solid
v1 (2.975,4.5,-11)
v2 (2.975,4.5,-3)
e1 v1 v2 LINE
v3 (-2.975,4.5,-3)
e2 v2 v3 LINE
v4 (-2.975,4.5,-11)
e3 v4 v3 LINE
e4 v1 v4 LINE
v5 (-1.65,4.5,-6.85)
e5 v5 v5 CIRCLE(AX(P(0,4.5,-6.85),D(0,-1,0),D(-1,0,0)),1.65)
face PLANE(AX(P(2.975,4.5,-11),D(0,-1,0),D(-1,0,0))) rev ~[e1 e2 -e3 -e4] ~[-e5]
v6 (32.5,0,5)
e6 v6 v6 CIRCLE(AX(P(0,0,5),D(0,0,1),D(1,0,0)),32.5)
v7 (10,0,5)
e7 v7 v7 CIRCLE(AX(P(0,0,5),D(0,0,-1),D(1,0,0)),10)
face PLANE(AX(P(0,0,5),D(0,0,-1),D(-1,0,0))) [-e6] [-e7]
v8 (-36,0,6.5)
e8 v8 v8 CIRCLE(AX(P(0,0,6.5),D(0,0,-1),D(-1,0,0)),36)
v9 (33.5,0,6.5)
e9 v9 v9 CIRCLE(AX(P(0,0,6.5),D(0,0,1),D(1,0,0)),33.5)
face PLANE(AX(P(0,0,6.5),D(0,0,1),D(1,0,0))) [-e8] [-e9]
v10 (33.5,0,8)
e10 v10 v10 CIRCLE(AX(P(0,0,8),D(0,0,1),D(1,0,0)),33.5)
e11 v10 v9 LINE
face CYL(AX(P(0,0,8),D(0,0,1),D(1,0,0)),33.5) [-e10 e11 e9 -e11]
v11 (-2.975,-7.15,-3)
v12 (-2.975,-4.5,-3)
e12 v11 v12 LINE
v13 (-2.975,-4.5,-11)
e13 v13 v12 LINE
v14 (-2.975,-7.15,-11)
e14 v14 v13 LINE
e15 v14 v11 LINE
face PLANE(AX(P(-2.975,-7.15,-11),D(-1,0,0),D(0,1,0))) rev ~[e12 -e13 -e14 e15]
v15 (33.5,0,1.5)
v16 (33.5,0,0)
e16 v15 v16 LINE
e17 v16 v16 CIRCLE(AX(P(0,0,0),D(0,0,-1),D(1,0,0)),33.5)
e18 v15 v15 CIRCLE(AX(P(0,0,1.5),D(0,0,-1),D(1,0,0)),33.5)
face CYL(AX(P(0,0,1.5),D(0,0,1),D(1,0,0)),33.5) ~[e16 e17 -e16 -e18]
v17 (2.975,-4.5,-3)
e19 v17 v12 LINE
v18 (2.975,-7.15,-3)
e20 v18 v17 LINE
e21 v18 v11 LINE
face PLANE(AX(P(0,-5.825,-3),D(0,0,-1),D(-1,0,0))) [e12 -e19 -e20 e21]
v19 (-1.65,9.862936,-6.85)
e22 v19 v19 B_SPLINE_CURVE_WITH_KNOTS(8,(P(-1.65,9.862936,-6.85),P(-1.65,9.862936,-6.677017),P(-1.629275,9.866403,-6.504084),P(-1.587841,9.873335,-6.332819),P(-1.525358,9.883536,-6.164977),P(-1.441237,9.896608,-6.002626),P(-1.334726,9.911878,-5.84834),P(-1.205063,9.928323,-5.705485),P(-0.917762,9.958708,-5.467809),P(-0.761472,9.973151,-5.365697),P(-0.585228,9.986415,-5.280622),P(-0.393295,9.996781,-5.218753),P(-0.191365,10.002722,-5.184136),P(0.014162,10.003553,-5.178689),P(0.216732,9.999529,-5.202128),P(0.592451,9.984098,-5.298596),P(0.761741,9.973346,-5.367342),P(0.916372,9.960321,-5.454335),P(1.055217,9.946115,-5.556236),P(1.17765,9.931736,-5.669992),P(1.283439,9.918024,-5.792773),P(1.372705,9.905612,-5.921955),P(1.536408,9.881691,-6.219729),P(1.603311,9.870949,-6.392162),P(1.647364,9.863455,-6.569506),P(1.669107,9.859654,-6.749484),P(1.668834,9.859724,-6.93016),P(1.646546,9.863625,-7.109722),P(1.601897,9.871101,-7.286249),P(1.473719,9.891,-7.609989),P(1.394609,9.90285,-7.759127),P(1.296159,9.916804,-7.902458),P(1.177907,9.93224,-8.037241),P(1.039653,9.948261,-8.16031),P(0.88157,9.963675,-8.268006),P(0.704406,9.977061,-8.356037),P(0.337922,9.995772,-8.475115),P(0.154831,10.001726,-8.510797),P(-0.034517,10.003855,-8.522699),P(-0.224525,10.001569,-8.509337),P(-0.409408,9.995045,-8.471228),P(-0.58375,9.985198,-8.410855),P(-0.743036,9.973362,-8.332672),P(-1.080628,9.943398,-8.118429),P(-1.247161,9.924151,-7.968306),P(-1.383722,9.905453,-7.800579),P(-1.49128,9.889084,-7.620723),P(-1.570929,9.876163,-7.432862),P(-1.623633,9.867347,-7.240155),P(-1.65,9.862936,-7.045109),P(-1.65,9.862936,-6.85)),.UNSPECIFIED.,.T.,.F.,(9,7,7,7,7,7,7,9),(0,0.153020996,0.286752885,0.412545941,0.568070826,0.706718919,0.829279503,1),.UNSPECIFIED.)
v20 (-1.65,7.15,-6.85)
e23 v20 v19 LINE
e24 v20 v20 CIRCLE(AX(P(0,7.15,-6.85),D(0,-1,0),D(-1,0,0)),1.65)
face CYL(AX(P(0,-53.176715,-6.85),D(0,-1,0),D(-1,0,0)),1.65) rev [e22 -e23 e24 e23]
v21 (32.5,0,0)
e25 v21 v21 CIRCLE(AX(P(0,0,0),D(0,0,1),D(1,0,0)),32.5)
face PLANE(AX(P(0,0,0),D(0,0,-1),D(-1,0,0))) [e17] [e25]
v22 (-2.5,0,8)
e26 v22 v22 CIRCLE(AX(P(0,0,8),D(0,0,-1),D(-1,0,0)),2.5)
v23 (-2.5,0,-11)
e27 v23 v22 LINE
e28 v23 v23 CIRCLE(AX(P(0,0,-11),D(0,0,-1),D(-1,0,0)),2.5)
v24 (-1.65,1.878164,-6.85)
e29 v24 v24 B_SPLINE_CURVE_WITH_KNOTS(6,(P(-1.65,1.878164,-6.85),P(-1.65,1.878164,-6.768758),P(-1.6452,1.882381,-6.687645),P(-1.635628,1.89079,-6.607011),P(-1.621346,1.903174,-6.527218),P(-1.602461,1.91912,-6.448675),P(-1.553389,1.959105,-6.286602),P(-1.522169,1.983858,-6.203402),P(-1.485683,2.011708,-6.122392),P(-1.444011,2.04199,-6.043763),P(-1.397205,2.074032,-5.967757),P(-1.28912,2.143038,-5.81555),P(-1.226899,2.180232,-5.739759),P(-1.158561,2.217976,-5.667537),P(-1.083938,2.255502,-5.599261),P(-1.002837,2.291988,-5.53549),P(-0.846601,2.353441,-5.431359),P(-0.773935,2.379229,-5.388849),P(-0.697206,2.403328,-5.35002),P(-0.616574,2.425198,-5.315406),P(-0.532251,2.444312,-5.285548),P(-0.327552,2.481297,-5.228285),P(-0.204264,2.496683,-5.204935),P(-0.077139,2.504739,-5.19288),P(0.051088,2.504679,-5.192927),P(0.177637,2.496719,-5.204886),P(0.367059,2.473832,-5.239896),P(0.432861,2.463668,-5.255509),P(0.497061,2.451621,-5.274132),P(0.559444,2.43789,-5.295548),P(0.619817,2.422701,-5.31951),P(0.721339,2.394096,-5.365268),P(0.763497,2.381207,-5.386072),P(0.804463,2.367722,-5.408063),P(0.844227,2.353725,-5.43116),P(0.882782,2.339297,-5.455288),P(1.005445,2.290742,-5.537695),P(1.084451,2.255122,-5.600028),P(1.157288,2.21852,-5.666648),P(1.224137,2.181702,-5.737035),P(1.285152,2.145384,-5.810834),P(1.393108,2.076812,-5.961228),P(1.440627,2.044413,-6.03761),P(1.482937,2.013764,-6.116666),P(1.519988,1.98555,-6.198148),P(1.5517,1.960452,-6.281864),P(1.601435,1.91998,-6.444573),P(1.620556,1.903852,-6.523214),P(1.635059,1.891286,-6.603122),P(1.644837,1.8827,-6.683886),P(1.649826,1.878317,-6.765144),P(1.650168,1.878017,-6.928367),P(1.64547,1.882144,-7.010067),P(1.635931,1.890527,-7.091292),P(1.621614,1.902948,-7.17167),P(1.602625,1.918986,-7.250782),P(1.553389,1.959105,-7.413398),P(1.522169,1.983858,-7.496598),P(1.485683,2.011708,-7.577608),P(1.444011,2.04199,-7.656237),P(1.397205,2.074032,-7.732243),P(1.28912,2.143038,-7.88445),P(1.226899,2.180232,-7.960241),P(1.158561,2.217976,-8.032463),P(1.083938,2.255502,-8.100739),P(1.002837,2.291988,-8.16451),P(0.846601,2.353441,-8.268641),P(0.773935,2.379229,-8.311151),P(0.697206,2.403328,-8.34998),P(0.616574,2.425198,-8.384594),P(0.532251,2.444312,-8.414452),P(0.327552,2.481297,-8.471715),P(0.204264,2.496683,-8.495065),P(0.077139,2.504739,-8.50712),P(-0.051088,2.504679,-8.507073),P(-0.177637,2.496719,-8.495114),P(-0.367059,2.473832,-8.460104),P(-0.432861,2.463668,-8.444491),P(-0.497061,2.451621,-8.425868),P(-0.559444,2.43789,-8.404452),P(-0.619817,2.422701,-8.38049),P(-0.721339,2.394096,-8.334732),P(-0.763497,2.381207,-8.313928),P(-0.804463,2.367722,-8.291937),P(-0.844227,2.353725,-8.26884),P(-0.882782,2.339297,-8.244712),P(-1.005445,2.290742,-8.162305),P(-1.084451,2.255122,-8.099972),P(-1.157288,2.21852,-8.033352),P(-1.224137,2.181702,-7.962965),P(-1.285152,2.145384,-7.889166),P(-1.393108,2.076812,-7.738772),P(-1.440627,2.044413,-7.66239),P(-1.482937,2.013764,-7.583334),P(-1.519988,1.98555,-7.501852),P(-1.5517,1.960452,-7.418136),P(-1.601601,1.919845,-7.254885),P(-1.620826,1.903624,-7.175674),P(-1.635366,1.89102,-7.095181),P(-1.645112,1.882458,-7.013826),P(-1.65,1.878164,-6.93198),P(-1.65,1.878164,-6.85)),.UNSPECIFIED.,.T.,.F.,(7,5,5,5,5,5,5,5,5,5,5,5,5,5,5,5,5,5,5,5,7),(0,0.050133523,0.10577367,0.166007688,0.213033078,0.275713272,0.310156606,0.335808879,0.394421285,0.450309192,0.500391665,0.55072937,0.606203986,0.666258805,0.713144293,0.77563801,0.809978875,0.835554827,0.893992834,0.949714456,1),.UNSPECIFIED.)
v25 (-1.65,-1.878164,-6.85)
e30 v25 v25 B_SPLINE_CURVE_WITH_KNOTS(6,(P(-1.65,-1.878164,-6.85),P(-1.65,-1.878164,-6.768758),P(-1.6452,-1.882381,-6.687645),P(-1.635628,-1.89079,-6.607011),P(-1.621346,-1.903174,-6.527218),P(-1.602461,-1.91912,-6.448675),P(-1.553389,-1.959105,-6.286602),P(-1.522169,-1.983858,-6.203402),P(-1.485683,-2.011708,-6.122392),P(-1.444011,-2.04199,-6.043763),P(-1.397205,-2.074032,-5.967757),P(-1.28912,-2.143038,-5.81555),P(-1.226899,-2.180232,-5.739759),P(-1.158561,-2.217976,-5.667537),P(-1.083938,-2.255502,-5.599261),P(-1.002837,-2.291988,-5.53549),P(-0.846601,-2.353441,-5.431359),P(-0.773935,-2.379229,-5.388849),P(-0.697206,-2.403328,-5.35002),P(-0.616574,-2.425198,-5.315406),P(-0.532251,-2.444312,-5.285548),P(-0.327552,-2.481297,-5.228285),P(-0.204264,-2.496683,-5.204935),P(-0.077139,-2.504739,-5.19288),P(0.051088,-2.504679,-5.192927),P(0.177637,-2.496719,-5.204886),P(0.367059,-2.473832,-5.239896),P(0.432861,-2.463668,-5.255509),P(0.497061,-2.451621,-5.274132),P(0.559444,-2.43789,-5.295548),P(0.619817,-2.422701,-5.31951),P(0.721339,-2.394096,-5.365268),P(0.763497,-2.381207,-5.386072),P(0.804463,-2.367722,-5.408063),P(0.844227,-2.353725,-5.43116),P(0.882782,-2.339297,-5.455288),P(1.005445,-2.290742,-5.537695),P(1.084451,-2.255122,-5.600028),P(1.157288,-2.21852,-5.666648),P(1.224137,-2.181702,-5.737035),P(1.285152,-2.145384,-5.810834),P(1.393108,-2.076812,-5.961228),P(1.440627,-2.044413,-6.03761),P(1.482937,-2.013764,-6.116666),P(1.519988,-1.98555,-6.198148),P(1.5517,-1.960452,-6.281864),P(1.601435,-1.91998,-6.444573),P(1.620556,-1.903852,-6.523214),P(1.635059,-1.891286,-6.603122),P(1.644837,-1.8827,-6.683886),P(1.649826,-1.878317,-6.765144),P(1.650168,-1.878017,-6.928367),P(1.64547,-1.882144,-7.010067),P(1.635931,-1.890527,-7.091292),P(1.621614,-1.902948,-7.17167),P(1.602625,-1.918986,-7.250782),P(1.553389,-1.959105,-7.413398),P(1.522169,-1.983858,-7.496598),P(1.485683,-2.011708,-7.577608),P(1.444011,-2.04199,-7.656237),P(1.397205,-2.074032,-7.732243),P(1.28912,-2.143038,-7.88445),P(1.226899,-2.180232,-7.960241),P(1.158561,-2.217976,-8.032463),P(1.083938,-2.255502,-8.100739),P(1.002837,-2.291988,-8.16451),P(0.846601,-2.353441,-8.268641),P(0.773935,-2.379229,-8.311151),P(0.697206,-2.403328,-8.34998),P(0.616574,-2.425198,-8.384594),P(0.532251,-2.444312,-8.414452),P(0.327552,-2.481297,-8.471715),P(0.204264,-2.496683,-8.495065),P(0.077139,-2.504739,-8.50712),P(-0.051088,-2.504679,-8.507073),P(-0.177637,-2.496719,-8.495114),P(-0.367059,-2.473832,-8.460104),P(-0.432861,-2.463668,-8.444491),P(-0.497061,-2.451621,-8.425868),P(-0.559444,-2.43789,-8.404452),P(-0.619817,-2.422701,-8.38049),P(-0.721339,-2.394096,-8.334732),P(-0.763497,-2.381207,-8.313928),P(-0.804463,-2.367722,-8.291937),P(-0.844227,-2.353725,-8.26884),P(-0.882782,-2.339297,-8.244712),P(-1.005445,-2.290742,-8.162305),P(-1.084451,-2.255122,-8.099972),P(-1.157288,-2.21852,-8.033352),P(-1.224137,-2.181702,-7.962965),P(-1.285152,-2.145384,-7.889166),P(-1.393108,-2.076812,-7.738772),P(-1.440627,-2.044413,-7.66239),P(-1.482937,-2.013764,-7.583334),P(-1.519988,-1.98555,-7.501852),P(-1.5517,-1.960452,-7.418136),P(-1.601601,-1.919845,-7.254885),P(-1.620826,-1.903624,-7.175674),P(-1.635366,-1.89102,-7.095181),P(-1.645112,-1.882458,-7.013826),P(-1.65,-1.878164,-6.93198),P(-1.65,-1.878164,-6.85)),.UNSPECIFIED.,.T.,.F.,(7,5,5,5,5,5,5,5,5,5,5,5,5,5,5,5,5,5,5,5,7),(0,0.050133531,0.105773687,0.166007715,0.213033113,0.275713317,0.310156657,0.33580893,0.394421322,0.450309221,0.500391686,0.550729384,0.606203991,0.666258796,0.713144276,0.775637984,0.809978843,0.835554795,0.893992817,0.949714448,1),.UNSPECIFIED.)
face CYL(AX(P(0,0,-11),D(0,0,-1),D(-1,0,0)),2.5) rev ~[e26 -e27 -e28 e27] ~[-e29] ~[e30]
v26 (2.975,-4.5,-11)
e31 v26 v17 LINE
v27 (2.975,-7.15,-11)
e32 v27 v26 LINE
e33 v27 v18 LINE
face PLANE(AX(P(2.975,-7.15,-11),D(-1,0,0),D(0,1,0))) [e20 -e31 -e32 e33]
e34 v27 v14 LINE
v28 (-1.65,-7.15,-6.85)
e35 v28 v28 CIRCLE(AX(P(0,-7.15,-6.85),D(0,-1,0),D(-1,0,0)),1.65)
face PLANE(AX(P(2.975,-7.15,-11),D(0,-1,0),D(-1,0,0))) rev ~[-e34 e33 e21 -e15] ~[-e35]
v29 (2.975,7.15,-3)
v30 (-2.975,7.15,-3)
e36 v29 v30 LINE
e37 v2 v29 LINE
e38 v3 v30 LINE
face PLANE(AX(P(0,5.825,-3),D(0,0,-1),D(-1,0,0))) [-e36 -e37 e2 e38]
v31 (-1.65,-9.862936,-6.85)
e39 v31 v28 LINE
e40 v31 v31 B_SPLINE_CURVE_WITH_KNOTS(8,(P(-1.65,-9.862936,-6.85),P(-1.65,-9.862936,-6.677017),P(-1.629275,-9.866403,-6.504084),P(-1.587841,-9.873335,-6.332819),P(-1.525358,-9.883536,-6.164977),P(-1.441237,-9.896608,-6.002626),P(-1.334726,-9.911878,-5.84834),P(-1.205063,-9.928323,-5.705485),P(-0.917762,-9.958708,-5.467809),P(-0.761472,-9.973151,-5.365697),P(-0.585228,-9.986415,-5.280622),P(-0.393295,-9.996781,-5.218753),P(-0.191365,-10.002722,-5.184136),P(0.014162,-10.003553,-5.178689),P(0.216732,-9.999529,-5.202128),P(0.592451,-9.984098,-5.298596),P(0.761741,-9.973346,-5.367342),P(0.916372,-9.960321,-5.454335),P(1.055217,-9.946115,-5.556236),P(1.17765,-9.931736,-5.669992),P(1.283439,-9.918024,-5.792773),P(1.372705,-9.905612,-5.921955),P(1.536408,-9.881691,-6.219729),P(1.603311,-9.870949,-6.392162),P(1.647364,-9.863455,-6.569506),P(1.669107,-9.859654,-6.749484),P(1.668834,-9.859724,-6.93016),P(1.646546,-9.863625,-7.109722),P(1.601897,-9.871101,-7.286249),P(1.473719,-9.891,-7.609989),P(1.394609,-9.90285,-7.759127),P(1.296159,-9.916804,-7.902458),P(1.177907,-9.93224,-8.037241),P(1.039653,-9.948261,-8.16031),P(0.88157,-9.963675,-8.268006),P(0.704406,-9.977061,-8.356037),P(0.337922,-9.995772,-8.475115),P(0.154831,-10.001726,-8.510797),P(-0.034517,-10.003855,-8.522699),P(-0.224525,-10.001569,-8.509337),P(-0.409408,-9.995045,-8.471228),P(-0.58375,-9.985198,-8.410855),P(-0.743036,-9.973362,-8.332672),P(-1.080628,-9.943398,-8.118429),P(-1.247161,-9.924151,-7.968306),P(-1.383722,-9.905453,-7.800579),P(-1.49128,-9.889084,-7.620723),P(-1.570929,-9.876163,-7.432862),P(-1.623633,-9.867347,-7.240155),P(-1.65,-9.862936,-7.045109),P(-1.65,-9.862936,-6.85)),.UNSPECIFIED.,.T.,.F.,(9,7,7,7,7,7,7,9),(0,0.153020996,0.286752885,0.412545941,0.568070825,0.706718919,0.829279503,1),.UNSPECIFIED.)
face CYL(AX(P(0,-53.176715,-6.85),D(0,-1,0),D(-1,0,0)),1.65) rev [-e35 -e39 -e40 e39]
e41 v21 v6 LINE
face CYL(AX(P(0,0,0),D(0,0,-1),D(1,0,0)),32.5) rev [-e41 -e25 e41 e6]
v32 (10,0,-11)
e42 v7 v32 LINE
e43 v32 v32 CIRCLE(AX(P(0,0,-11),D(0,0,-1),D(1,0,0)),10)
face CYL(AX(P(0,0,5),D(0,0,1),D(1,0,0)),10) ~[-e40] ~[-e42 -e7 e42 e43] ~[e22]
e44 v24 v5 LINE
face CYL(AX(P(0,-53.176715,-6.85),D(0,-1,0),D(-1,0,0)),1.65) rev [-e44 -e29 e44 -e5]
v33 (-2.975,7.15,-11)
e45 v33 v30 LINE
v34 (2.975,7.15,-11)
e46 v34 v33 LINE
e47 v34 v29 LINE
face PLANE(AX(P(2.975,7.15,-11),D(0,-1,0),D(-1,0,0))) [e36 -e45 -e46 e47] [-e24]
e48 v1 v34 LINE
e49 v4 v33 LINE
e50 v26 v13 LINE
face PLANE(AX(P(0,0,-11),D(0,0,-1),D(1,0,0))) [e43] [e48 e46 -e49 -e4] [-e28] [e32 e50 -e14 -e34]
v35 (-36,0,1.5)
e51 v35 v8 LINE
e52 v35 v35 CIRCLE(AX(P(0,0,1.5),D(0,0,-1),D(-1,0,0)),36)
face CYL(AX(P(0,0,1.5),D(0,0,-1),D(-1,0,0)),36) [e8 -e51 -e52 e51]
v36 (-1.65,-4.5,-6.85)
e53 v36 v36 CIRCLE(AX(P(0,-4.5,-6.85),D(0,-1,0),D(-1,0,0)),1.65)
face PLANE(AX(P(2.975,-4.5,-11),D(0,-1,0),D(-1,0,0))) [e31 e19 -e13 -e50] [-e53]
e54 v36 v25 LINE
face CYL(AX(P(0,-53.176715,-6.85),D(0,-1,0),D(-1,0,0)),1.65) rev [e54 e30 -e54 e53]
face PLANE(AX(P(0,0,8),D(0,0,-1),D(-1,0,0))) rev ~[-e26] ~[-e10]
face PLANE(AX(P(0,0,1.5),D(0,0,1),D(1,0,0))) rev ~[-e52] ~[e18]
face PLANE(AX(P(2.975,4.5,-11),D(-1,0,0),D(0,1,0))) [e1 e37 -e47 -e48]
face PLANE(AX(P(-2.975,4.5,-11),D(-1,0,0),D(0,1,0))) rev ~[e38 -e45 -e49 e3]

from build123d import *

# Parameters (mm, degrees)
ESBO_O1_R                     = 35
ESBO_O1_R_2                   = 32.5
RESSALTO_EXTRUS_O1_DEPTH      = 8
RESSALTO_EXTRUS_O2_START      = -3
ESBO_O2_R                     = 32.5
RESSALTO_EXTRUS_O2_DEPTH      = 3
ESBO_O3_R                     = 2.5
CORTE_EXTRUS_O1_DEPTH         = 3
RESSALTO_EXTRUS_O3_DEPTH      = 5
RESSALTO_EXTRUS_O3_DEPTH_BACK = 3
ESBO_O4_R                     = 37
ESBO_O4_R_2                   = 35
ESBO_O5_W                     = 1.8
ESBO_O5_H                     = 3
ESBO_O6_R                     = 12.55
RESSALTO_EXTRUS_O4_DEPTH      = 5
CORTE_EXTRUS_O2_DEPTH         = 53.933921071
CORTE_EXTRUS_O2_DEPTH_BACK    = 53.933921071
ESBO_O7_R                     = 7.55
RESSALTO_EXTRUS_O5_START      = -8
ESBO_O8_R                     = 37
ESBO_O8_R_2                   = 32.5
RESSALTO_EXTRUS_O5_DEPTH      = 8
ESBO_O9_R                     = 37
ESBO_O9_R_2                   = 33.5
CORTE_EXTRUS_O8_DEPTH         = 1.5
CORTE_EXTRUS_O9_START         = -1.5
ESBO_O12_R                    = 37
ESBO_O12_R_2                  = 33.5
CORTE_EXTRUS_O9_DEPTH         = 1.5
CORTE_EXTRUS_O10_START        = -10
ESBO_O13_R                    = 37
ESBO_O13_R_2                  = 36
CORTE_EXTRUS_O10_DEPTH        = 10
ESBO_O14_R                    = 37
ESBO_O14_R_2                  = 36
RESSALTO_EXTRUS_O6_DEPTH      = 5
ESBO_O15_R                    = 12.55
CORTE_EXTRUS_O11_DEPTH        = 53.933921071
ESBO_O16_R                    = 12.55
RESSALTO_EXTRUS_O7_DEPTH      = 3
ESBO_O17_R                    = 10
RESSALTO_EXTRUS_O8_DEPTH      = 16
ESBO_O18_R                    = 2.5
CORTE_EXTRUS_O12_DEPTH        = 56.668662639
ESBO_O19_W                    = 5.95
ESBO_O19_H                    = 2.65
CORTE_EXTRUS_O13_DEPTH        = 8
CORTE_EXTRUS_O14_DEPTH        = 57.676714795
CORTE_EXTRUS_O14_DEPTH_BACK   = 57.676714795
ESBO_O21_R                    = 1.65
ESBO_O23_R                    = 37
ESBO_O23_R_2                  = 36
CORTE_EXTRUS_O15_DEPTH        = 54.798234195


with BuildPart() as part:
    # Esboço1 → Ressalto-extrusão1 (new body)
    with BuildSketch(Plane.XY):
        Circle(ESBO_O1_R)
        Circle(ESBO_O1_R_2, mode=Mode.SUBTRACT)
    extrude(amount=RESSALTO_EXTRUS_O1_DEPTH)

    # Esboço2 → Ressalto-extrusão2 (add)
    with BuildSketch(Plane.XY.offset(8).offset(RESSALTO_EXTRUS_O2_START)):
        Circle(ESBO_O2_R)
    extrude(amount=RESSALTO_EXTRUS_O2_DEPTH)

    # Esboço3 → Corte-extrusão1 (cut)
    with BuildSketch(Plane.XY.offset(8)):
        Circle(ESBO_O3_R)
    extrude(amount=-CORTE_EXTRUS_O1_DEPTH, mode=Mode.SUBTRACT)

    # Esboço4 → Ressalto-extrusão3 (add, two sides: drawn at the far end of the back side and taken through both)
    with BuildSketch(Plane(origin=(0, 0, 5), x_dir=(-1, 0, 0), z_dir=(0, 0, -1)).offset(-RESSALTO_EXTRUS_O3_DEPTH_BACK)):
        Circle(ESBO_O4_R)
        Circle(ESBO_O4_R_2, mode=Mode.SUBTRACT)
    extrude(amount=RESSALTO_EXTRUS_O3_DEPTH + RESSALTO_EXTRUS_O3_DEPTH_BACK)

    # Esboço5 → Corte-Revolução1 (revolve, cut)
    with BuildSketch(Plane(origin=(0, 0, 0), x_dir=(1, 0, 0), z_dir=(0, 1, 0))):
        with Locations((-36.1, -2.5)):
            Rectangle(ESBO_O5_W, ESBO_O5_H)
        with Locations((-36.1, -5.5)):
            Rectangle(ESBO_O5_W, ESBO_O5_H)
    revolve(axis=Axis((0, 0, 8), (0, 0, -1)), mode=Mode.SUBTRACT)

    # Esboço6 → Ressalto-extrusão4 (add)
    with BuildSketch(Plane(origin=(0, 0, 5), x_dir=(-1, 0, 0), z_dir=(0, 0, -1))):
        with Locations(Location((0, 0, 0), (0, 0, 180))):
            Circle(ESBO_O6_R)
    extrude(amount=RESSALTO_EXTRUS_O4_DEPTH)

    # Esboço7 → Corte-extrusão2 (cut, two sides: drawn at the far end of the back side and taken through both)
    with BuildSketch(Plane(origin=(0, 0, 0), x_dir=(-1, 0, 0), z_dir=(0, 0, -1)).offset(-CORTE_EXTRUS_O2_DEPTH_BACK)):
        Circle(ESBO_O7_R)
    extrude(amount=CORTE_EXTRUS_O2_DEPTH + CORTE_EXTRUS_O2_DEPTH_BACK, mode=Mode.SUBTRACT)

    # Esboço8 → Ressalto-extrusão5 (add)
    with BuildSketch(Plane.XY.offset(8).offset(RESSALTO_EXTRUS_O5_START)):
        with Locations(Location((0, 0, 0), (0, 0, 180))):
            Circle(ESBO_O8_R)
        Circle(ESBO_O8_R_2, mode=Mode.SUBTRACT)
    extrude(amount=RESSALTO_EXTRUS_O5_DEPTH)

    # Esboço9 → Corte-extrusão8 (cut)
    with BuildSketch(Plane.XY.offset(8)):
        with Locations(Location((0, 0, 0), (0, 0, 180))):
            Circle(ESBO_O9_R)
        Circle(ESBO_O9_R_2, mode=Mode.SUBTRACT)
    extrude(amount=-CORTE_EXTRUS_O8_DEPTH, mode=Mode.SUBTRACT)

    # Esboço12 → Corte-extrusão9 (cut)
    with BuildSketch(Plane(origin=(0, 0, 0), x_dir=(-1, 0, 0), z_dir=(0, 0, -1)).offset(CORTE_EXTRUS_O9_START)):
        Circle(ESBO_O12_R)
        with Locations(Location((0, 0, 0), (0, 0, 180))):
            Circle(ESBO_O12_R_2, mode=Mode.SUBTRACT)
    extrude(amount=CORTE_EXTRUS_O9_DEPTH, mode=Mode.SUBTRACT)

    # Esboço13 → Corte-extrusão10 (cut)
    with BuildSketch(Plane(origin=(0, 0, 1.5), x_dir=(-1, 0, 0), z_dir=(0, 0, -1)).offset(CORTE_EXTRUS_O10_START)):
        Circle(ESBO_O13_R)
        Circle(ESBO_O13_R_2, mode=Mode.SUBTRACT)
    extrude(amount=CORTE_EXTRUS_O10_DEPTH, mode=Mode.SUBTRACT)

    # Esboço14 → Ressalto-extrusão6 (add)
    with BuildSketch(Plane.XY.offset(6.5)):
        Circle(ESBO_O14_R)
        Circle(ESBO_O14_R_2, mode=Mode.SUBTRACT)
    extrude(amount=-RESSALTO_EXTRUS_O6_DEPTH)

    # Esboço15 → Corte-extrusão11 (cut, through all)
    with BuildSketch(Plane(origin=(0, 0, 0), x_dir=(-1, 0, 0), z_dir=(0, 0, -1))):
        Circle(ESBO_O15_R)
    extrude(amount=-CORTE_EXTRUS_O11_DEPTH, mode=Mode.SUBTRACT)

    # Esboço16 → Ressalto-extrusão7 (add, through all)
    with BuildSketch(Plane(origin=(0, 0, 5), x_dir=(-1, 0, 0), z_dir=(0, 0, -1))):
        Circle(ESBO_O16_R)
    extrude(amount=-RESSALTO_EXTRUS_O7_DEPTH)

    # Esboço17 → Ressalto-extrusão8 (add)
    with BuildSketch(Plane(origin=(0, 0, 5), x_dir=(-1, 0, 0), z_dir=(0, 0, -1))):
        with Locations(Location((0, 0, 0), (0, 0, 180))):
            Circle(ESBO_O17_R)
    extrude(amount=RESSALTO_EXTRUS_O8_DEPTH)

    # Esboço18 → Corte-extrusão12 (cut, through all)
    with BuildSketch(Plane(origin=(0, 0, -11), x_dir=(-1, 0, 0), z_dir=(0, 0, -1))):
        Circle(ESBO_O18_R)
    extrude(amount=-CORTE_EXTRUS_O12_DEPTH, mode=Mode.SUBTRACT)

    # Esboço19 → Corte-extrusão13 (cut)
    with BuildSketch(Plane(origin=(0, 0, -11), x_dir=(-1, 0, 0), z_dir=(0, 0, -1))):
        with Locations((0, -5.825)):
            Rectangle(ESBO_O19_W, ESBO_O19_H)
        with Locations((0, 5.825)):
            Rectangle(ESBO_O19_W, ESBO_O19_H)
    extrude(amount=-CORTE_EXTRUS_O13_DEPTH, mode=Mode.SUBTRACT)

    # Esboço21 → Corte-extrusão14 (cut, two sides: drawn at the far end of the back side and taken through both)
    with BuildSketch(Plane(origin=(0, 4.5, 0), x_dir=(1, 0, 0), z_dir=(0, 1, 0)).offset(-CORTE_EXTRUS_O14_DEPTH_BACK)):
        with Locations(Location((0, 6.85, 0), (0, 0, 180))):
            Circle(ESBO_O21_R)
    extrude(amount=CORTE_EXTRUS_O14_DEPTH + CORTE_EXTRUS_O14_DEPTH_BACK, mode=Mode.SUBTRACT)

    # Esboço23 → Corte-extrusão15 (cut, through all)
    with BuildSketch(Plane(origin=(0, 0, 1.5), x_dir=(-1, 0, 0), z_dir=(0, 0, -1))):
        Circle(ESBO_O23_R)
        Circle(ESBO_O23_R_2, mode=Mode.SUBTRACT)
    extrude(amount=-CORTE_EXTRUS_O15_DEPTH, mode=Mode.SUBTRACT)


solid = part.part
